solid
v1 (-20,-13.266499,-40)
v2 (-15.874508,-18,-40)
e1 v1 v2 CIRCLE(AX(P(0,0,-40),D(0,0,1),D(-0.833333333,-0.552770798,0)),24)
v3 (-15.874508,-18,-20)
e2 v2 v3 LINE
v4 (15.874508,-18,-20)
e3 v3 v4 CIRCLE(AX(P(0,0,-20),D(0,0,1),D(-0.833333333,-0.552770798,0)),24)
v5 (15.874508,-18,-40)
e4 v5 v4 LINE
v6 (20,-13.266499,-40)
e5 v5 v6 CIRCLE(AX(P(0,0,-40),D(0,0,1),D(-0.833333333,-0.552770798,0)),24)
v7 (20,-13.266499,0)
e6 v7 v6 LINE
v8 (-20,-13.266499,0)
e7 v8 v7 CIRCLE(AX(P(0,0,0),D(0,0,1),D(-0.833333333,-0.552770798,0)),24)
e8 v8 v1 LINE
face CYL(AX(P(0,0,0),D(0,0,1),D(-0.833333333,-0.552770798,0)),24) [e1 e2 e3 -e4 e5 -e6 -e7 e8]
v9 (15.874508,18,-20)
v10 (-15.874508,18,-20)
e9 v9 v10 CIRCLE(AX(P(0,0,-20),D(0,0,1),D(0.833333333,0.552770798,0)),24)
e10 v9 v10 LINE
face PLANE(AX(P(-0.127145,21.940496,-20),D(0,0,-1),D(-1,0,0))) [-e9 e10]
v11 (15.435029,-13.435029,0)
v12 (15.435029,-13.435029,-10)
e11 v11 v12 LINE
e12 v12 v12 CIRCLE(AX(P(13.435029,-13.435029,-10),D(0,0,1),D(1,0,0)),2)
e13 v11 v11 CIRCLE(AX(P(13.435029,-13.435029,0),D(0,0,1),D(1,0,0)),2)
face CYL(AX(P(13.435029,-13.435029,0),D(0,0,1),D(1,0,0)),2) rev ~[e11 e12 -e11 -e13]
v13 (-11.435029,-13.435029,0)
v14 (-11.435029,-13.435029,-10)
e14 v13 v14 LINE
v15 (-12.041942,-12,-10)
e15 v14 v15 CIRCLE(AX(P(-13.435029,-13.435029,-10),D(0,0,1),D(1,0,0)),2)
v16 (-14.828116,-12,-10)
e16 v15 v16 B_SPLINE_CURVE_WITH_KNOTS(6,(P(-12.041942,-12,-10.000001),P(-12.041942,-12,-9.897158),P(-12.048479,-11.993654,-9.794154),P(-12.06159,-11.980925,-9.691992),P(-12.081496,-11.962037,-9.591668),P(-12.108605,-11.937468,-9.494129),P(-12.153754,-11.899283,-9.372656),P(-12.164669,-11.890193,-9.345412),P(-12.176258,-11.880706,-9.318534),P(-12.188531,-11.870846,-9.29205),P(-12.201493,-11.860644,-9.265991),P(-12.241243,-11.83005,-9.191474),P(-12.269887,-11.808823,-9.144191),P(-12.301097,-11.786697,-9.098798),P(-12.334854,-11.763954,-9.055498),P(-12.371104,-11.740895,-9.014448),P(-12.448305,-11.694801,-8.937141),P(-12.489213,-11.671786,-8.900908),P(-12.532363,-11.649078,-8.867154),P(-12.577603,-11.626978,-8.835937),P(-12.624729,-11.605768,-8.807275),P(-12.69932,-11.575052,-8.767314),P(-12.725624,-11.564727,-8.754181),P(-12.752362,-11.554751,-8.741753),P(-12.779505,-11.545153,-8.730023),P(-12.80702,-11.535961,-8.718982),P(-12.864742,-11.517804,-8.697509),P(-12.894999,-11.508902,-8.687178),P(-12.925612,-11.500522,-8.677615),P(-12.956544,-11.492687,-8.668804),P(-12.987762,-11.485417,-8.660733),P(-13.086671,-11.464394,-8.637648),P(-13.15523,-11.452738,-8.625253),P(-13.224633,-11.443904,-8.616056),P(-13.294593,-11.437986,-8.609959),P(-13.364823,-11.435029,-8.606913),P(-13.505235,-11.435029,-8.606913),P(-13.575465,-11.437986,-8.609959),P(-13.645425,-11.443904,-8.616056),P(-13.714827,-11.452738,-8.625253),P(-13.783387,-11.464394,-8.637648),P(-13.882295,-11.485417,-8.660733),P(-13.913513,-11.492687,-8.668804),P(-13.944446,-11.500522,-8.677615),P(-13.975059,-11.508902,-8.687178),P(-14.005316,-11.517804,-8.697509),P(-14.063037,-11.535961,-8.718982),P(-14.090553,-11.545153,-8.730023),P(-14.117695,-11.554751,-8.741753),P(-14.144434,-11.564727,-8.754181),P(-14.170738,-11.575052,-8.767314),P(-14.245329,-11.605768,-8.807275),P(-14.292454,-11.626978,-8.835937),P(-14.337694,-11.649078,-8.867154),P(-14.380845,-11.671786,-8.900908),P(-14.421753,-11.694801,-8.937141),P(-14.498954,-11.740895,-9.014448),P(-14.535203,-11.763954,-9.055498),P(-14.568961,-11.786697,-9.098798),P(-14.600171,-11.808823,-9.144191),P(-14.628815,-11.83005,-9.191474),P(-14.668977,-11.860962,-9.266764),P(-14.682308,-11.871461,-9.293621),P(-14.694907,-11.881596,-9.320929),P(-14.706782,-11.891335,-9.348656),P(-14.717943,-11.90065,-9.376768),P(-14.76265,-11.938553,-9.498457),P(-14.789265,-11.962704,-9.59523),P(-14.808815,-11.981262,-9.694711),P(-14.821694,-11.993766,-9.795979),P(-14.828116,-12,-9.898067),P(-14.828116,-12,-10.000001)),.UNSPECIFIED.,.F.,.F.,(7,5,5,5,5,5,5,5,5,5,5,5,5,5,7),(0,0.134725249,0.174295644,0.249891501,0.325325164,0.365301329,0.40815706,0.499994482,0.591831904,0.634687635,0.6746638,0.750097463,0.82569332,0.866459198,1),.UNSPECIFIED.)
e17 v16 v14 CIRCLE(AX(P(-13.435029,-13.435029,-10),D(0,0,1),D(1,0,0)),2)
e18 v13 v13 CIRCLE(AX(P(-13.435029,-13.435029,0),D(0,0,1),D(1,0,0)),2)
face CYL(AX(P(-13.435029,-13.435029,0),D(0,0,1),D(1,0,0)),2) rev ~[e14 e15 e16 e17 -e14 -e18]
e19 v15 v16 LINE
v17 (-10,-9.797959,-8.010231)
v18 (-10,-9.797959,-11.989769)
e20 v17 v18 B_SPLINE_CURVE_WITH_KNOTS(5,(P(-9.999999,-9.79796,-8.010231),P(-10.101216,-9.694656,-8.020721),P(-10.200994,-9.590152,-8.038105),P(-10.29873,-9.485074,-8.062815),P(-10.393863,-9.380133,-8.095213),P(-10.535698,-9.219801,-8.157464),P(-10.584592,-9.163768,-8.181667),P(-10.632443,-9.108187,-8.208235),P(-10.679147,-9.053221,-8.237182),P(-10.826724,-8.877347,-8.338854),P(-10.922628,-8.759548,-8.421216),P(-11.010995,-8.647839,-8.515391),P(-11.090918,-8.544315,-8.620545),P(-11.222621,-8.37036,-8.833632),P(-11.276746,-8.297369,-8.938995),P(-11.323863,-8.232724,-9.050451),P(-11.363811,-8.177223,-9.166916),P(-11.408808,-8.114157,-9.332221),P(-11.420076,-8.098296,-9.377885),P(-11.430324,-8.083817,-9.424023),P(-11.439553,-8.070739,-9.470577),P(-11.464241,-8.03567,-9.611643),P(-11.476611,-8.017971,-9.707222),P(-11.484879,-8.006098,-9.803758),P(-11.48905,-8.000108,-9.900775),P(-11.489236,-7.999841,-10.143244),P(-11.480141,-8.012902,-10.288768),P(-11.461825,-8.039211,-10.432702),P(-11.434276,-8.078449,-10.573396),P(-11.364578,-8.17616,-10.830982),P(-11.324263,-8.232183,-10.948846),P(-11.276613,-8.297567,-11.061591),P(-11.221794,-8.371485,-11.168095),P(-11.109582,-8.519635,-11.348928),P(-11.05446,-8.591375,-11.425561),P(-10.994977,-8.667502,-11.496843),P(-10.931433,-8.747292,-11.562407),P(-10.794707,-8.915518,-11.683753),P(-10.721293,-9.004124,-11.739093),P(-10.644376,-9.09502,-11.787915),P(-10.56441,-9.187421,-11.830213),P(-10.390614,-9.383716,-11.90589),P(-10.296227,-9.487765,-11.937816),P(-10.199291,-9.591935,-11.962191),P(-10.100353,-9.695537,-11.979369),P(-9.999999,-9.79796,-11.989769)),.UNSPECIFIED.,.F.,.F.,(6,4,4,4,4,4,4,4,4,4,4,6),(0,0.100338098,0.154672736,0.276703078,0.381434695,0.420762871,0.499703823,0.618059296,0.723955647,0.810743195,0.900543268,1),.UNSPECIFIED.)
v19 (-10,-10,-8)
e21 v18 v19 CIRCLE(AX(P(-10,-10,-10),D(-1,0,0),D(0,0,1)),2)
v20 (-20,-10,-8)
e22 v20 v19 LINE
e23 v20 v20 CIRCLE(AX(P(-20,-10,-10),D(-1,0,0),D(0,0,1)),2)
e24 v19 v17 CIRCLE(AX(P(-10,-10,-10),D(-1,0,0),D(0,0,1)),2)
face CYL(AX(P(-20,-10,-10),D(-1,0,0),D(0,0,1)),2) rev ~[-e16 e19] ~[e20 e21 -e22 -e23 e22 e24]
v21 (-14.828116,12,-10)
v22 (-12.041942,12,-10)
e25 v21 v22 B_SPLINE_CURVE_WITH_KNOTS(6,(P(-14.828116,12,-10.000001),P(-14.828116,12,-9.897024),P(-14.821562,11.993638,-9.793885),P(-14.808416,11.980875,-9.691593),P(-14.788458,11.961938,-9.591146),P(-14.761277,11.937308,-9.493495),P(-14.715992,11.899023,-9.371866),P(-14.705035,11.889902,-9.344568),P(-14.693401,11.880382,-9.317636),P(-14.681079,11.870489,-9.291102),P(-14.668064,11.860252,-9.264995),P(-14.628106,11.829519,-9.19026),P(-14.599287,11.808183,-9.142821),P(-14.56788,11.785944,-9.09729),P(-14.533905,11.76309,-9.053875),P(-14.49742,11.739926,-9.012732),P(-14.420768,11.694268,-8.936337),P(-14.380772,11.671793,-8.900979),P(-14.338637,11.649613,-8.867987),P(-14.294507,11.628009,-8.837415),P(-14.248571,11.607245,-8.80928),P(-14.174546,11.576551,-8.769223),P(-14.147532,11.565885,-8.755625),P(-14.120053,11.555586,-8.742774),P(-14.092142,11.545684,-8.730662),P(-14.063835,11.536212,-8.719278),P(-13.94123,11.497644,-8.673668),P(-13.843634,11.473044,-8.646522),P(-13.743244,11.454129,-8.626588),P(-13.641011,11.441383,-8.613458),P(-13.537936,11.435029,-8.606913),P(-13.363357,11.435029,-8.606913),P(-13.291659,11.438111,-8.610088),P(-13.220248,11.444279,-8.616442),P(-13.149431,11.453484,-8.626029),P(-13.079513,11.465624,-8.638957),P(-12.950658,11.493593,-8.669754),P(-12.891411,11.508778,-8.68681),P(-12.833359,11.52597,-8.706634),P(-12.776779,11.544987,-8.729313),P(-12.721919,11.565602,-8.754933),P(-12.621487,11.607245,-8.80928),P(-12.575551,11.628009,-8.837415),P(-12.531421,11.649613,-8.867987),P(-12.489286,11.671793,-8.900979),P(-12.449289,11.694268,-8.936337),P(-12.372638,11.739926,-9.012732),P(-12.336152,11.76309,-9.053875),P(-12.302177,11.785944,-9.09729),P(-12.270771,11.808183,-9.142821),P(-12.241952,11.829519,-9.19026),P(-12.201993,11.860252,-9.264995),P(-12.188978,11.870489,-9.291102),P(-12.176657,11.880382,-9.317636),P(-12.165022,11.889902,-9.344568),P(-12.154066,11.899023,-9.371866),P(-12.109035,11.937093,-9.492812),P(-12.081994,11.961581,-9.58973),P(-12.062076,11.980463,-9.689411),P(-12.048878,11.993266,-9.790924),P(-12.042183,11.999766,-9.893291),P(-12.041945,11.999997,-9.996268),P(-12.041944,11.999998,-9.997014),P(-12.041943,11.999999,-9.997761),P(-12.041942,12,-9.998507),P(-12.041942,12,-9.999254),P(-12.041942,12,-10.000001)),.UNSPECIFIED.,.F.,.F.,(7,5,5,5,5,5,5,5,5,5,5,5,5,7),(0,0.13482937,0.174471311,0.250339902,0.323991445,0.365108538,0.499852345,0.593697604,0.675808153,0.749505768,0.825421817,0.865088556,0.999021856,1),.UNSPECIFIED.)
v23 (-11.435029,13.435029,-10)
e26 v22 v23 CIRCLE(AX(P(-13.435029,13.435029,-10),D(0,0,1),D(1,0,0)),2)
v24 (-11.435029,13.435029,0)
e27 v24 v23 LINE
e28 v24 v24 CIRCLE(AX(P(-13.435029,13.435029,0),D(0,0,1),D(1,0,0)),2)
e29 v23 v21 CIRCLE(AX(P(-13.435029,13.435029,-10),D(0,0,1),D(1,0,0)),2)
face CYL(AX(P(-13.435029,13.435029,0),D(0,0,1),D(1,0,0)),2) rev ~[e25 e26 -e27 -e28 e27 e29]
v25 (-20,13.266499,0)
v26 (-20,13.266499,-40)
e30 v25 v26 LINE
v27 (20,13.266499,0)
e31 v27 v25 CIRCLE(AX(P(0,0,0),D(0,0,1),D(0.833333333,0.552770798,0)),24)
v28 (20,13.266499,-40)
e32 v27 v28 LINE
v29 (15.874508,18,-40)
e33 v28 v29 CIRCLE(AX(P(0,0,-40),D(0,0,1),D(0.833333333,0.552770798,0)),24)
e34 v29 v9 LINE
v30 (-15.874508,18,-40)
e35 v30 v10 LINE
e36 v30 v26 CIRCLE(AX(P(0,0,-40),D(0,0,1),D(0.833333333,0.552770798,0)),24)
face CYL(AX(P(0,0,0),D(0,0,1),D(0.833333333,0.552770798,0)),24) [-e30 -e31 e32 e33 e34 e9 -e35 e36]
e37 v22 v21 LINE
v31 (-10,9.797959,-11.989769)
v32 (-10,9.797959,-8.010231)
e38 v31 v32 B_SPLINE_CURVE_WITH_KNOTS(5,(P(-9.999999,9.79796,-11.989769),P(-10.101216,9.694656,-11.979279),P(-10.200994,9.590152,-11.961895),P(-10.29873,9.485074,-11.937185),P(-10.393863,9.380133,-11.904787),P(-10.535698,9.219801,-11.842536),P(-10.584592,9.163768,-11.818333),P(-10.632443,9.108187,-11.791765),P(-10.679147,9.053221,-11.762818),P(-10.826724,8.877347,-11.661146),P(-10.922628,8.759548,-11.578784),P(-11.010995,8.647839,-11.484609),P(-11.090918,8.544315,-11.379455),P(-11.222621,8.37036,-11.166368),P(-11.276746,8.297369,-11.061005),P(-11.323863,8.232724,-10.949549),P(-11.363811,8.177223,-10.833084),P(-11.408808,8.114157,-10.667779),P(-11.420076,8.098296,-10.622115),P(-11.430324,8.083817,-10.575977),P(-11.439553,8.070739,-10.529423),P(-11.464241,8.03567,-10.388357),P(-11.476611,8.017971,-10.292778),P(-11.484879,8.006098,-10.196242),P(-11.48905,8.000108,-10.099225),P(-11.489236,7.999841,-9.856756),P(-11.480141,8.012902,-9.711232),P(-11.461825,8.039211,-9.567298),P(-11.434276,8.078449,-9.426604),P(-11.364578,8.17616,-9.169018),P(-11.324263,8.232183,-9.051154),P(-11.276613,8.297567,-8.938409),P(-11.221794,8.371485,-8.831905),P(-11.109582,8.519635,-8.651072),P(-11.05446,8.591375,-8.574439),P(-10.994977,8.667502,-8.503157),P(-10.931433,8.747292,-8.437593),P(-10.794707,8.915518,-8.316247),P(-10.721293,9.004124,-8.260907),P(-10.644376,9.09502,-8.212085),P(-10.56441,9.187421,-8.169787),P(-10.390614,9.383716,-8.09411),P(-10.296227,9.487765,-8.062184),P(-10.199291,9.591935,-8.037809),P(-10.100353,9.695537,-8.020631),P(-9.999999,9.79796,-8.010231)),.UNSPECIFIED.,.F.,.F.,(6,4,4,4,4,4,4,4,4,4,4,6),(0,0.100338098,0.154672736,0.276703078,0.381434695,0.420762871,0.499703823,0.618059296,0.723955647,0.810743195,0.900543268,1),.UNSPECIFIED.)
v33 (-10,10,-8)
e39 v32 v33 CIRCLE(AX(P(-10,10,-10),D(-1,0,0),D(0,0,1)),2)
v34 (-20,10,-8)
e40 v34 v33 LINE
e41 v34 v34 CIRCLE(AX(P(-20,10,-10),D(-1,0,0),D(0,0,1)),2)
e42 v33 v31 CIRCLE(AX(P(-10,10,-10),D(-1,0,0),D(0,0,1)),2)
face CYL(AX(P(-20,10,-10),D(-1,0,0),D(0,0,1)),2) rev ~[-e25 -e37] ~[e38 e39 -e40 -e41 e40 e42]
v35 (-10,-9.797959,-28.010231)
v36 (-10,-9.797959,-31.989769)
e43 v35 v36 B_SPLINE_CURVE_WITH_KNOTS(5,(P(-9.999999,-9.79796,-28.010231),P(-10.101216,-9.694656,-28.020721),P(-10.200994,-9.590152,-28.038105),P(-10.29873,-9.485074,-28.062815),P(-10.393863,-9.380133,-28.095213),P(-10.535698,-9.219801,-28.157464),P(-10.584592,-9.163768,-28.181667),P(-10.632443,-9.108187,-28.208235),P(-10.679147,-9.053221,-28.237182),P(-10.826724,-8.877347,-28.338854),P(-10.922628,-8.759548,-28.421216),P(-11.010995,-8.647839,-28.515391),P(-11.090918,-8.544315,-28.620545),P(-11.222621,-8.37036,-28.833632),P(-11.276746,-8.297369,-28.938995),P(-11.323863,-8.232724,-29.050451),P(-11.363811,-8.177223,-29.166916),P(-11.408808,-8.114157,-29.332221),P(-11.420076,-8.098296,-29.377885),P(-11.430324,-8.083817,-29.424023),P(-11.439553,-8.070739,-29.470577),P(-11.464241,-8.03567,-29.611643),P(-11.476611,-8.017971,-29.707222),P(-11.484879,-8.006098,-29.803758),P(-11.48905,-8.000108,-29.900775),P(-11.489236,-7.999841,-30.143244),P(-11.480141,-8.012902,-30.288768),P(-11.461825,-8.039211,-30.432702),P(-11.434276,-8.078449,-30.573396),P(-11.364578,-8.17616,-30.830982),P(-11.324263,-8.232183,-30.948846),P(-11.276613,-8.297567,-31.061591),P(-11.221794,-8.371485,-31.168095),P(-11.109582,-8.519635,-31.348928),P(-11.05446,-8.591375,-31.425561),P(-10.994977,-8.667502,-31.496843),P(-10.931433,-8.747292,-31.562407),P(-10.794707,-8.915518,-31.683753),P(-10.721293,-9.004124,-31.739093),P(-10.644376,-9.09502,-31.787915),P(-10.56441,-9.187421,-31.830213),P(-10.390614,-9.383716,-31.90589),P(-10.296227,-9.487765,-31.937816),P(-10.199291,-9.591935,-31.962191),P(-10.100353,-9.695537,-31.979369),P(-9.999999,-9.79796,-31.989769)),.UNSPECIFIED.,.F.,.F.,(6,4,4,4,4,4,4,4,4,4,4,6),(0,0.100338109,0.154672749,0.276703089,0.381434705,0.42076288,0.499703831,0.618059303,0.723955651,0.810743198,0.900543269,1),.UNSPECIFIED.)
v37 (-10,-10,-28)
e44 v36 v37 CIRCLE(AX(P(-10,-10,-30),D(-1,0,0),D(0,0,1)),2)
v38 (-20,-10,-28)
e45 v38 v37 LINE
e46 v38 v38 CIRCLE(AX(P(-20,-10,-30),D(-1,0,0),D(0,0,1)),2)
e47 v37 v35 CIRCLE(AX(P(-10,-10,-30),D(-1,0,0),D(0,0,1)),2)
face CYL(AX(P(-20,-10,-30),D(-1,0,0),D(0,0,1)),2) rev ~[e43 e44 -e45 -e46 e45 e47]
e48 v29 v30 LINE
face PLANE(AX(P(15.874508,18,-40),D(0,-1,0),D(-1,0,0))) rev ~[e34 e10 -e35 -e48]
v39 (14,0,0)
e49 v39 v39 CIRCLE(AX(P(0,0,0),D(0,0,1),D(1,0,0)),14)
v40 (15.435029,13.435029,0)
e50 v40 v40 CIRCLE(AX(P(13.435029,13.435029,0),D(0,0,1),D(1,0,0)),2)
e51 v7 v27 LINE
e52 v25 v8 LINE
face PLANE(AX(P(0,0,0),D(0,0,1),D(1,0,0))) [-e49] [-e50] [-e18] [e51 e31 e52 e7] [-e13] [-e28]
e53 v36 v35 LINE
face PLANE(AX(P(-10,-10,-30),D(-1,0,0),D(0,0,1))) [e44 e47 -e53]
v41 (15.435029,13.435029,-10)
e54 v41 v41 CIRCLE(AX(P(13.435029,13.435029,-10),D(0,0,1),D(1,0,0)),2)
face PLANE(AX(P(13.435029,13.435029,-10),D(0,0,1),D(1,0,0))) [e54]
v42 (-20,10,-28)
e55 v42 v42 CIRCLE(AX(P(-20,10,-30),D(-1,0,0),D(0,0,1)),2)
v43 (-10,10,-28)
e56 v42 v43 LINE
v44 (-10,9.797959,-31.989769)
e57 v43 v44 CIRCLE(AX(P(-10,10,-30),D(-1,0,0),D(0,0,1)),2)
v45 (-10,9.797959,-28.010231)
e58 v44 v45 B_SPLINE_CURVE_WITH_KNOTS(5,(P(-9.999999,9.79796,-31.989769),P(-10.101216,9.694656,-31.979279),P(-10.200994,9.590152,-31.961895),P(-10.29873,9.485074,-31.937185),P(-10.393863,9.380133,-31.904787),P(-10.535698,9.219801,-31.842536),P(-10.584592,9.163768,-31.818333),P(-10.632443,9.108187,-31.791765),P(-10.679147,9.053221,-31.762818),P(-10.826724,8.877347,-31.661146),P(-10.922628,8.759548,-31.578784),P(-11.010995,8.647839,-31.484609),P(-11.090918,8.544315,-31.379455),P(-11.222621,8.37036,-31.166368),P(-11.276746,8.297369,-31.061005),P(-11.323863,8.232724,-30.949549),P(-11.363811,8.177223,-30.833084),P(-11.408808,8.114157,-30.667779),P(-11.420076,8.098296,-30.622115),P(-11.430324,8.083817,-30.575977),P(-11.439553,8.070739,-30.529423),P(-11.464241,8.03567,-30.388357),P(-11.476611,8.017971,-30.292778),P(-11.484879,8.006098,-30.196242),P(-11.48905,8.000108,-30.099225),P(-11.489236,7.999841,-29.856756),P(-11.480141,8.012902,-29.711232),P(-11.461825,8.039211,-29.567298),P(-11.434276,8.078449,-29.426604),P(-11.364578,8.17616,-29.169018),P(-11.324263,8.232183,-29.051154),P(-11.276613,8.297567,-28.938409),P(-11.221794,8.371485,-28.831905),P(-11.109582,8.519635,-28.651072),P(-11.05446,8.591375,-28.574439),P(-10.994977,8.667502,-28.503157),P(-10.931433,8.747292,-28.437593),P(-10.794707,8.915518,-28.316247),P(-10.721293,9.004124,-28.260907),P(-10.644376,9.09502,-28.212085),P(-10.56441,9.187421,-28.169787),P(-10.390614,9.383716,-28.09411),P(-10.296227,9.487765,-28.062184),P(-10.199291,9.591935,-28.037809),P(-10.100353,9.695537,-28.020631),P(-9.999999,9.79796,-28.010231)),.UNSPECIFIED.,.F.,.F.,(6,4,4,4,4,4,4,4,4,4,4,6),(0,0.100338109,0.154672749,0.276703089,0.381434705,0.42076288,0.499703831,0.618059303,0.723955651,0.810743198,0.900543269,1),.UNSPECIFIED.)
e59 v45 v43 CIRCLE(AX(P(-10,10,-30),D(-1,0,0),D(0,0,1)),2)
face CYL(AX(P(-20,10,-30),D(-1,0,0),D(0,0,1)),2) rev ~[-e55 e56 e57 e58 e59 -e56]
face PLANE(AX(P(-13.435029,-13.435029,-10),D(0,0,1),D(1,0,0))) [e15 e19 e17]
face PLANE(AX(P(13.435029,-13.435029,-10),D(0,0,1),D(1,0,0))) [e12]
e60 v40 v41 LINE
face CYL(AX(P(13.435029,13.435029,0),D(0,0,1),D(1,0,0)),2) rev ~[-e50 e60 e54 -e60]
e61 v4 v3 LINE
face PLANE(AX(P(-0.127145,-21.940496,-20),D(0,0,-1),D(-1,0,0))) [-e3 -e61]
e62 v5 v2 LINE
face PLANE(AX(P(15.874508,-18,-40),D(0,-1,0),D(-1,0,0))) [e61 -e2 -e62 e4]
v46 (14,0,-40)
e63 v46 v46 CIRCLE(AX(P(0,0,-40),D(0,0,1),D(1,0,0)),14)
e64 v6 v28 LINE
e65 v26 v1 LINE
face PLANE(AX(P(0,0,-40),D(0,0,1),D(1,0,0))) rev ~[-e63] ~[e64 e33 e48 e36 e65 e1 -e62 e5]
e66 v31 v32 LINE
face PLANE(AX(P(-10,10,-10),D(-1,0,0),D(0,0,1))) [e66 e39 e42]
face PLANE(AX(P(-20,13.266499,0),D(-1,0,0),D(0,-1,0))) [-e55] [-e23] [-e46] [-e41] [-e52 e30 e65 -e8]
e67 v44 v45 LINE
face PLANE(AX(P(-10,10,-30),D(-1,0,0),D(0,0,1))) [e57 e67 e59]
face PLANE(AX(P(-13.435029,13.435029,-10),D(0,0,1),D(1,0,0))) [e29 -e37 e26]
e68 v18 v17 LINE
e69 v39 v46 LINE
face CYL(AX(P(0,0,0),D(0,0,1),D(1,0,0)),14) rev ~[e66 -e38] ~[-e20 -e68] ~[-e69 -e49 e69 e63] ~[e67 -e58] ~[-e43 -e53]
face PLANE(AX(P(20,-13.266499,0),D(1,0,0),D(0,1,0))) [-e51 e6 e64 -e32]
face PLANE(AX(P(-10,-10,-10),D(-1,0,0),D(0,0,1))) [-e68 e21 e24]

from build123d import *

# Parameters (mm, degrees)
SCHIZZO1_R                   = 14
ESTRUSIONE_ESTRUSIONE1_DEPTH = 40
SCHIZZO4_R                   = 2
TAGLIO_ESTRUSIONE1_DEPTH     = 10
SCHIZZO5_R                   = 2
TAGLIO_ESTRUSIONE2_DEPTH     = 10
SCHIZZO6_W                   = 32.003306677
SCHIZZO6_H                   = 7.880991961
TAGLIO_ESTRUSIONE3_DEPTH     = 20


with BuildPart() as part:
    # Schizzo1 → Estrusione-Estrusione1 (new body)
    with BuildSketch(Plane.XY):
        with BuildLine():
            Line((20, -13.266499161), (20, 13.266499161))
            ThreePointArc((20, 13.266499161), (0, 24), (-20, 13.266499161))
            Line((-20, 13.266499161), (-20, -13.266499161))
            ThreePointArc((-20, -13.266499161), (0, -24), (20, -13.266499161))
        make_face()
        Circle(SCHIZZO1_R, mode=Mode.SUBTRACT)
    extrude(amount=-ESTRUSIONE_ESTRUSIONE1_DEPTH)

    # Schizzo4 → Taglio-Estrusione1 (cut)
    with BuildSketch(Plane.ZY.offset(20)):
        with Locations((-10, 10)):
            Circle(SCHIZZO4_R)
        with Locations((-10, -10)):
            Circle(SCHIZZO4_R)
        with Locations((-30, -10)):
            Circle(SCHIZZO4_R)
        with Locations((-30, 10)):
            Circle(SCHIZZO4_R)
    extrude(amount=-TAGLIO_ESTRUSIONE1_DEPTH, mode=Mode.SUBTRACT)

    # Schizzo5 → Taglio-Estrusione2 (cut)
    with BuildSketch(Plane.XY):
        with Locations((-13.435028843, 13.435028843)):
            Circle(SCHIZZO5_R)
        with Locations((13.435028843, 13.435028843)):
            Circle(SCHIZZO5_R)
        with Locations((13.435028843, -13.435028843)):
            Circle(SCHIZZO5_R)
        with Locations((-13.435028843, -13.435028843)):
            Circle(SCHIZZO5_R)
    extrude(amount=-TAGLIO_ESTRUSIONE2_DEPTH, mode=Mode.SUBTRACT)

    # Schizzo6 → Taglio-Estrusione3 (cut)
    with BuildSketch(Plane(origin=(0, 0, -40), x_dir=(-1, 0, 0), z_dir=(0, 0, -1))):
        with Locations((0.127145472, 21.940495981)):
            Rectangle(SCHIZZO6_W, SCHIZZO6_H)
        with Locations((0.127145472, -21.940495981)):
            Rectangle(SCHIZZO6_W, SCHIZZO6_H)
    extrude(amount=-TAGLIO_ESTRUSIONE3_DEPTH, mode=Mode.SUBTRACT)


solid = part.part
